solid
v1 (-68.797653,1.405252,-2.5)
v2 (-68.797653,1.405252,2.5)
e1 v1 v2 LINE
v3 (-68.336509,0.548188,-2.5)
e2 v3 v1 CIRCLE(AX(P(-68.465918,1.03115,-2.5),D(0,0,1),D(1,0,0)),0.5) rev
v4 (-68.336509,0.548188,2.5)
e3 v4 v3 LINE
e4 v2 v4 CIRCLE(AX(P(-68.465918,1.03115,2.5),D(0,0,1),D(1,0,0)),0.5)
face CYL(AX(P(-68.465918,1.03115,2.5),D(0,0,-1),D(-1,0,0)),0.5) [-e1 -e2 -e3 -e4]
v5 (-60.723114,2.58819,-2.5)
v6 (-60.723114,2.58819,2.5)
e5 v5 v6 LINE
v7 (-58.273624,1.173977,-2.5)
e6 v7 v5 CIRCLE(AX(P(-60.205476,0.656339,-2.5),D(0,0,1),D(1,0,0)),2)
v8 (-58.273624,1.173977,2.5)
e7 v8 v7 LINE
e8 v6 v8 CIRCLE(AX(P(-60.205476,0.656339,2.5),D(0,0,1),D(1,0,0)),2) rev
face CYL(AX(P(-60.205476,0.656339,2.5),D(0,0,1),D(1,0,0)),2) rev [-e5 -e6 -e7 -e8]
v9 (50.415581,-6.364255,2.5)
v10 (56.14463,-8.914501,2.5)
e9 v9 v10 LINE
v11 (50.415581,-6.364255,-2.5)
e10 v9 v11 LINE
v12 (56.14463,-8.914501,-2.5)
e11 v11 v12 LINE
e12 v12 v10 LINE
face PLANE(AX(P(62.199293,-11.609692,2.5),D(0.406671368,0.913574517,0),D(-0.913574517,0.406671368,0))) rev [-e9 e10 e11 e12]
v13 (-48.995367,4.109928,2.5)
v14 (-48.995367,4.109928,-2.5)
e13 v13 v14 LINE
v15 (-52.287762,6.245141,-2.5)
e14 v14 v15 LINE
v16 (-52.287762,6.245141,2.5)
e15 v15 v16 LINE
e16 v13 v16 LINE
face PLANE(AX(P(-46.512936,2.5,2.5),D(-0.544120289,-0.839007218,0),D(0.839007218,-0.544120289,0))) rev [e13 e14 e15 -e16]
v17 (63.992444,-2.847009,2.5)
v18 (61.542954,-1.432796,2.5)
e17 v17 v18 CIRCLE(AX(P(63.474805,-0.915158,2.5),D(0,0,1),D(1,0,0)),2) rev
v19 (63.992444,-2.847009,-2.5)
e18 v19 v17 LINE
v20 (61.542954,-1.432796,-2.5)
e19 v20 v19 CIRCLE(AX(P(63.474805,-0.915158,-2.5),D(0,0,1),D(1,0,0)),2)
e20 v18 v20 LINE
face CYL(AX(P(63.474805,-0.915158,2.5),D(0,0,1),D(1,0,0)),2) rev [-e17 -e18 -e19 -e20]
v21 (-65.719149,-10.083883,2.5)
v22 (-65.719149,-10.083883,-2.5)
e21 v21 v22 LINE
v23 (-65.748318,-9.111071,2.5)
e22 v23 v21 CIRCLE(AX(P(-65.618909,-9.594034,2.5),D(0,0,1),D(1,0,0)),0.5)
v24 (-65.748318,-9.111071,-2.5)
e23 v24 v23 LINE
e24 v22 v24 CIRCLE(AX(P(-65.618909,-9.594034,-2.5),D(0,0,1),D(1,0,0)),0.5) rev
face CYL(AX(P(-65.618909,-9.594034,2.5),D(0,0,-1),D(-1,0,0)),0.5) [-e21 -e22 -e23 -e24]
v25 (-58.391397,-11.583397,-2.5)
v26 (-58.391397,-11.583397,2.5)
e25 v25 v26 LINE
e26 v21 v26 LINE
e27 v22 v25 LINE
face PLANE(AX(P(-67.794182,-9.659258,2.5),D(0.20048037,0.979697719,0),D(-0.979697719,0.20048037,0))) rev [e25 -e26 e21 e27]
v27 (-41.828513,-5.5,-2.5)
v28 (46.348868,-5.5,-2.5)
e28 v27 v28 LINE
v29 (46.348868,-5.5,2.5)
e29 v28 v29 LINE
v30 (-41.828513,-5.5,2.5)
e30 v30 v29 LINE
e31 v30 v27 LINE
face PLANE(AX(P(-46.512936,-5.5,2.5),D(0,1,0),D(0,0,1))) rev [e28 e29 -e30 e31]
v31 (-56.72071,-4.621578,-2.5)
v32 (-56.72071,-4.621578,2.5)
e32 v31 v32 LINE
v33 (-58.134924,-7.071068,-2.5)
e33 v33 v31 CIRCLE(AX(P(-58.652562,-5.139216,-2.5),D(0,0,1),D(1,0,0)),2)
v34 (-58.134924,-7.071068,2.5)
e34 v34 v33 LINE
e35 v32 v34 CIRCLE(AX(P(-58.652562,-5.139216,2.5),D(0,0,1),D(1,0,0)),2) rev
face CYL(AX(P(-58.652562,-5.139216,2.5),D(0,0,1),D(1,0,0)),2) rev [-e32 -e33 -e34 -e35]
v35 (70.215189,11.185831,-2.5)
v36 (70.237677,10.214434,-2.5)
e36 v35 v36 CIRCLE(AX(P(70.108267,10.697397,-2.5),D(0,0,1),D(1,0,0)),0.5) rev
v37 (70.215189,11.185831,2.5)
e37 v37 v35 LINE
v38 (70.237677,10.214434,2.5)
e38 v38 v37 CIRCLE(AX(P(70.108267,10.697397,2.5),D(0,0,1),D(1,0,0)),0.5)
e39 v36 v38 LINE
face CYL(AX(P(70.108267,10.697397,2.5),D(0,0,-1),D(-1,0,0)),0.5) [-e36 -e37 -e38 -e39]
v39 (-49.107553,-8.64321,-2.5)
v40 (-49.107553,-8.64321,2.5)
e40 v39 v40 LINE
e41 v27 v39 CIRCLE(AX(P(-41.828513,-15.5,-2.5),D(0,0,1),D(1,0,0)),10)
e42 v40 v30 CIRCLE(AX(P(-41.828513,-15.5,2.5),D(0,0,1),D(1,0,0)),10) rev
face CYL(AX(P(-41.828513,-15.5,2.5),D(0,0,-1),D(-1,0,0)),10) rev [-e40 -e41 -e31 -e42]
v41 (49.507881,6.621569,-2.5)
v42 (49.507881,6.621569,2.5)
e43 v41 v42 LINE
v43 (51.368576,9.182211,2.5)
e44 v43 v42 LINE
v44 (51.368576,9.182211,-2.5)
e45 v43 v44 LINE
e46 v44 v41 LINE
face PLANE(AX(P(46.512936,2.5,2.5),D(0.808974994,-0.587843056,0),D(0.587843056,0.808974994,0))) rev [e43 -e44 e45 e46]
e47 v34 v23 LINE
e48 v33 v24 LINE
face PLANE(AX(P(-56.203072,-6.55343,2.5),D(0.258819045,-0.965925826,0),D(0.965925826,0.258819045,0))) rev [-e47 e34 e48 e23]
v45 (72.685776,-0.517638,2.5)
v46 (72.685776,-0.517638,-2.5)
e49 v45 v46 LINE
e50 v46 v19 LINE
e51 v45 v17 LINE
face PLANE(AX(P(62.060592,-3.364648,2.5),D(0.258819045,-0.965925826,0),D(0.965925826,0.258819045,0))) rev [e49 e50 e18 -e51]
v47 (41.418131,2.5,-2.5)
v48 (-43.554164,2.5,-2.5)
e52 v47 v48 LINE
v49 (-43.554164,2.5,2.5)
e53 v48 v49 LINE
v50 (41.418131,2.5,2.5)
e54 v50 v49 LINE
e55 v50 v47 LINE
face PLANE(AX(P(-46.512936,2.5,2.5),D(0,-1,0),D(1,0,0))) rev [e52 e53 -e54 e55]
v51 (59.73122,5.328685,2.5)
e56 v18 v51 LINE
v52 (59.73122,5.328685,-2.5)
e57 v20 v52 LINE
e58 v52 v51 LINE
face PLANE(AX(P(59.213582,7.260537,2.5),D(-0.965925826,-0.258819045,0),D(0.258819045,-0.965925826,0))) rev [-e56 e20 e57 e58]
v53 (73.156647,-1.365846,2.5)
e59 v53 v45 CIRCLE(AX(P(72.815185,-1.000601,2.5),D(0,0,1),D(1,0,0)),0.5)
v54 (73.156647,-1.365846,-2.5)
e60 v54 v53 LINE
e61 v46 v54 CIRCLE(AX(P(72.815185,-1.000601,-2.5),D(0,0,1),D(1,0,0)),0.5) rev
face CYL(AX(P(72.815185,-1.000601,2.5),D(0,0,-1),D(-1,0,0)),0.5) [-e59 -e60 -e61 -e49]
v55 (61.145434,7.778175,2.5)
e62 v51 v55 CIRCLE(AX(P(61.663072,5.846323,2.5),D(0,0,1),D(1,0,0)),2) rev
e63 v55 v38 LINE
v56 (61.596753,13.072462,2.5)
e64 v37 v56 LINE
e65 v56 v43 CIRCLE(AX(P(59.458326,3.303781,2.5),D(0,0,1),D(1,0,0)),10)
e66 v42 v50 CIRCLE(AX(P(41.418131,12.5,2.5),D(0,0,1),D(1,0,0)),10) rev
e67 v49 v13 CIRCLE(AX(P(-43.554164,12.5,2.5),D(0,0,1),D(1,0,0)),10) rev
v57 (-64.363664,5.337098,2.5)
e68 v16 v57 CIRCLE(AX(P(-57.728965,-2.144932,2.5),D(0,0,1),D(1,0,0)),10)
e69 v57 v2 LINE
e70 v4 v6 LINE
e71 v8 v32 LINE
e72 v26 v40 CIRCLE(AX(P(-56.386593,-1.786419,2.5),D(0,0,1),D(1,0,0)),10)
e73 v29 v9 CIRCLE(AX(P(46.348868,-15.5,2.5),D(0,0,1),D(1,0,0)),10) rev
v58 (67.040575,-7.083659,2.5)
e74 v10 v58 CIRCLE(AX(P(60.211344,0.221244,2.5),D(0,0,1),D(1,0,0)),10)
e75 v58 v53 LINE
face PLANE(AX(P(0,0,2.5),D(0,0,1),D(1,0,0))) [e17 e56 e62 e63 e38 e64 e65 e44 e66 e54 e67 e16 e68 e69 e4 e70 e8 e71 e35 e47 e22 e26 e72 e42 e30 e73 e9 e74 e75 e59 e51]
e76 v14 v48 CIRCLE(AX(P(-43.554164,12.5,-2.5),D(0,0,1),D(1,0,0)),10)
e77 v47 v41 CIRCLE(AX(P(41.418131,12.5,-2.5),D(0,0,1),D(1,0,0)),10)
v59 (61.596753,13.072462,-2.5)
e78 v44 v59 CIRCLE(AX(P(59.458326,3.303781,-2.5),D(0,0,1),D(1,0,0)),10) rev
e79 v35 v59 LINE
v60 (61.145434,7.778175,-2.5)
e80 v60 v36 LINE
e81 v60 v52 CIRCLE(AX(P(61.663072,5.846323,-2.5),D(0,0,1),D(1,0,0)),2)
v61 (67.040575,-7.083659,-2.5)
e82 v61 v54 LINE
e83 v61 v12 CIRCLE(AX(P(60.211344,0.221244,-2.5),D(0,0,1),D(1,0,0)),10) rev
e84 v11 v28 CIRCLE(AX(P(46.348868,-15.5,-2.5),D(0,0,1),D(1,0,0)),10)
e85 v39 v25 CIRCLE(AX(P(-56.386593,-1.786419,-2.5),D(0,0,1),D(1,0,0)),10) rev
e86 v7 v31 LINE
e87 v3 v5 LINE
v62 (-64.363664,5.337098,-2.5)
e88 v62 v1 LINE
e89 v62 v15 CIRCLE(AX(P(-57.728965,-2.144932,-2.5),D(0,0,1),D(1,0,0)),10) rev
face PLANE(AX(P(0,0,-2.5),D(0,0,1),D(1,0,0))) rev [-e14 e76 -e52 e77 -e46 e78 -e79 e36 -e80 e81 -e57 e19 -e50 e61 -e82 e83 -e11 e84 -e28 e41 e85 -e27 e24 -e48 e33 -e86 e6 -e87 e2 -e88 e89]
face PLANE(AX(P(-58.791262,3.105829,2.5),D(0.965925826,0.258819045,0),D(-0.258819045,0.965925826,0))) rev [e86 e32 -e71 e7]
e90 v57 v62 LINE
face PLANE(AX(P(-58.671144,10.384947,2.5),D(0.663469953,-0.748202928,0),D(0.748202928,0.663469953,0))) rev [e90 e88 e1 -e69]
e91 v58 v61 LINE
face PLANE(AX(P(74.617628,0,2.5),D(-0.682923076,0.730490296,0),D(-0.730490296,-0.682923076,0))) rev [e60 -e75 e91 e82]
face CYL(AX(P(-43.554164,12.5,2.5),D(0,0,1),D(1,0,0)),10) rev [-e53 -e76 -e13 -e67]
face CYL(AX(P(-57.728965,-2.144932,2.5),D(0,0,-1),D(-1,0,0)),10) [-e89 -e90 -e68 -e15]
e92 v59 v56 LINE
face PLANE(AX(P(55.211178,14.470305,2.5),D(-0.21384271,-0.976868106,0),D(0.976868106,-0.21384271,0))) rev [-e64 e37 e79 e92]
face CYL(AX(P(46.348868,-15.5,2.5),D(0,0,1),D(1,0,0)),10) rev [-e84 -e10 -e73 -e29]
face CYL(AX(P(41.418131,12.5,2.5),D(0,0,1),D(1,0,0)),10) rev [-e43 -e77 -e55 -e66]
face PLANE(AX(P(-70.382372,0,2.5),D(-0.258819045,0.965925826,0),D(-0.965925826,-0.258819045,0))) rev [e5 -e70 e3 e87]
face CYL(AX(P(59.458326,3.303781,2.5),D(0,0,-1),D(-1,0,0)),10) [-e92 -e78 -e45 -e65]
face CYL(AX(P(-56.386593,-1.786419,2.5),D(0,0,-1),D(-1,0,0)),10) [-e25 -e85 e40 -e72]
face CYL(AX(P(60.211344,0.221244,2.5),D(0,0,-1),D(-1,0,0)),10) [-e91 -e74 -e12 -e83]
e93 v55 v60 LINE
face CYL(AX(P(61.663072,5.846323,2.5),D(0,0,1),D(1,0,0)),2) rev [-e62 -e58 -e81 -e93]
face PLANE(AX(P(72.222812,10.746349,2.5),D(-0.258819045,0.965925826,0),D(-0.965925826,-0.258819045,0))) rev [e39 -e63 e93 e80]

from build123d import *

# Parameters (mm, degrees)
AUFSATZ_LINEAR_AUSTRAGEN1_DEPTH = 2.5
VERRUNDUNG1_R                   = 10
VERRUNDUNG2_R                   = 10
VERRUNDUNG3_R                   = 2
VERRUNDUNG4_R                   = 0.5
VERRUNDUNG5_R                   = 10


with BuildPart() as part:
    # Skizze1 → Aufsatz-Linear austragen1 (new, symmetric)
    with BuildSketch(Plane.XY):
        Polygon((46.512935857, 2.5), (55.211178367, 14.470305023), (72.222811922, 10.746349053), (59.213582381, 7.260536503), (62.060591877, -3.364647586), (74.617627619, 0), (62.199292585, -11.609692287), (48.474059835, -5.5), (-46.512935857, -5.5), (-52.459487047, -12.797272415), (-67.79418193, -9.659258263), (-56.203072015, -6.553429722), (-58.791262466, 3.105828541), (-70.382372381, 0), (-58.671144129, 10.384947415), (-46.512935857, 2.5), align=None)
    extrude(amount=AUFSATZ_LINEAR_AUSTRAGEN1_DEPTH, both=True)

    # Verrundung1
    verrundung1_edges = [part.edges().sort_by_distance(p)[0] for p in [
        (-52.459487047, -12.797272415, 0),
        (-58.671144129, 10.384947415, 0),
    ]]
    fillet(verrundung1_edges, radius=VERRUNDUNG1_R)

    # Verrundung2
    verrundung2_edges = [part.edges().sort_by_distance(p)[0] for p in [
        (62.199292585, -11.609692287, 0),
        (55.211178367, 14.470305023, 0),
    ]]
    fillet(verrundung2_edges, radius=VERRUNDUNG2_R)

    # Verrundung3
    verrundung3_edges = [part.edges().sort_by_distance(p)[0] for p in [
        (59.213582381, 7.260536503, 0),
        (62.060591877, -3.364647586, 0),
        (-56.203072015, -6.553429722, 0),
        (-58.791262466, 3.105828541, 0),
    ]]
    fillet(verrundung3_edges, radius=VERRUNDUNG3_R)

    # Verrundung4
    verrundung4_edges = [part.edges().sort_by_distance(p)[0] for p in [
        (72.222811922, 10.746349053, 0),
        (74.617627619, 0, 0),
        (-67.79418193, -9.659258263, 0),
        (-70.382372381, 0, 0),
    ]]
    fillet(verrundung4_edges, radius=VERRUNDUNG4_R)

    # Verrundung5
    verrundung5_edges = [part.edges().sort_by_distance(p)[0] for p in [
        (46.512935857, 2.5, 0),
        (48.474059835, -5.5, 0),
        (-46.512935857, -5.5, 0),
        (-46.512935857, 2.5, 0),
    ]]
    fillet(verrundung5_edges, radius=VERRUNDUNG5_R)


solid = part.part
